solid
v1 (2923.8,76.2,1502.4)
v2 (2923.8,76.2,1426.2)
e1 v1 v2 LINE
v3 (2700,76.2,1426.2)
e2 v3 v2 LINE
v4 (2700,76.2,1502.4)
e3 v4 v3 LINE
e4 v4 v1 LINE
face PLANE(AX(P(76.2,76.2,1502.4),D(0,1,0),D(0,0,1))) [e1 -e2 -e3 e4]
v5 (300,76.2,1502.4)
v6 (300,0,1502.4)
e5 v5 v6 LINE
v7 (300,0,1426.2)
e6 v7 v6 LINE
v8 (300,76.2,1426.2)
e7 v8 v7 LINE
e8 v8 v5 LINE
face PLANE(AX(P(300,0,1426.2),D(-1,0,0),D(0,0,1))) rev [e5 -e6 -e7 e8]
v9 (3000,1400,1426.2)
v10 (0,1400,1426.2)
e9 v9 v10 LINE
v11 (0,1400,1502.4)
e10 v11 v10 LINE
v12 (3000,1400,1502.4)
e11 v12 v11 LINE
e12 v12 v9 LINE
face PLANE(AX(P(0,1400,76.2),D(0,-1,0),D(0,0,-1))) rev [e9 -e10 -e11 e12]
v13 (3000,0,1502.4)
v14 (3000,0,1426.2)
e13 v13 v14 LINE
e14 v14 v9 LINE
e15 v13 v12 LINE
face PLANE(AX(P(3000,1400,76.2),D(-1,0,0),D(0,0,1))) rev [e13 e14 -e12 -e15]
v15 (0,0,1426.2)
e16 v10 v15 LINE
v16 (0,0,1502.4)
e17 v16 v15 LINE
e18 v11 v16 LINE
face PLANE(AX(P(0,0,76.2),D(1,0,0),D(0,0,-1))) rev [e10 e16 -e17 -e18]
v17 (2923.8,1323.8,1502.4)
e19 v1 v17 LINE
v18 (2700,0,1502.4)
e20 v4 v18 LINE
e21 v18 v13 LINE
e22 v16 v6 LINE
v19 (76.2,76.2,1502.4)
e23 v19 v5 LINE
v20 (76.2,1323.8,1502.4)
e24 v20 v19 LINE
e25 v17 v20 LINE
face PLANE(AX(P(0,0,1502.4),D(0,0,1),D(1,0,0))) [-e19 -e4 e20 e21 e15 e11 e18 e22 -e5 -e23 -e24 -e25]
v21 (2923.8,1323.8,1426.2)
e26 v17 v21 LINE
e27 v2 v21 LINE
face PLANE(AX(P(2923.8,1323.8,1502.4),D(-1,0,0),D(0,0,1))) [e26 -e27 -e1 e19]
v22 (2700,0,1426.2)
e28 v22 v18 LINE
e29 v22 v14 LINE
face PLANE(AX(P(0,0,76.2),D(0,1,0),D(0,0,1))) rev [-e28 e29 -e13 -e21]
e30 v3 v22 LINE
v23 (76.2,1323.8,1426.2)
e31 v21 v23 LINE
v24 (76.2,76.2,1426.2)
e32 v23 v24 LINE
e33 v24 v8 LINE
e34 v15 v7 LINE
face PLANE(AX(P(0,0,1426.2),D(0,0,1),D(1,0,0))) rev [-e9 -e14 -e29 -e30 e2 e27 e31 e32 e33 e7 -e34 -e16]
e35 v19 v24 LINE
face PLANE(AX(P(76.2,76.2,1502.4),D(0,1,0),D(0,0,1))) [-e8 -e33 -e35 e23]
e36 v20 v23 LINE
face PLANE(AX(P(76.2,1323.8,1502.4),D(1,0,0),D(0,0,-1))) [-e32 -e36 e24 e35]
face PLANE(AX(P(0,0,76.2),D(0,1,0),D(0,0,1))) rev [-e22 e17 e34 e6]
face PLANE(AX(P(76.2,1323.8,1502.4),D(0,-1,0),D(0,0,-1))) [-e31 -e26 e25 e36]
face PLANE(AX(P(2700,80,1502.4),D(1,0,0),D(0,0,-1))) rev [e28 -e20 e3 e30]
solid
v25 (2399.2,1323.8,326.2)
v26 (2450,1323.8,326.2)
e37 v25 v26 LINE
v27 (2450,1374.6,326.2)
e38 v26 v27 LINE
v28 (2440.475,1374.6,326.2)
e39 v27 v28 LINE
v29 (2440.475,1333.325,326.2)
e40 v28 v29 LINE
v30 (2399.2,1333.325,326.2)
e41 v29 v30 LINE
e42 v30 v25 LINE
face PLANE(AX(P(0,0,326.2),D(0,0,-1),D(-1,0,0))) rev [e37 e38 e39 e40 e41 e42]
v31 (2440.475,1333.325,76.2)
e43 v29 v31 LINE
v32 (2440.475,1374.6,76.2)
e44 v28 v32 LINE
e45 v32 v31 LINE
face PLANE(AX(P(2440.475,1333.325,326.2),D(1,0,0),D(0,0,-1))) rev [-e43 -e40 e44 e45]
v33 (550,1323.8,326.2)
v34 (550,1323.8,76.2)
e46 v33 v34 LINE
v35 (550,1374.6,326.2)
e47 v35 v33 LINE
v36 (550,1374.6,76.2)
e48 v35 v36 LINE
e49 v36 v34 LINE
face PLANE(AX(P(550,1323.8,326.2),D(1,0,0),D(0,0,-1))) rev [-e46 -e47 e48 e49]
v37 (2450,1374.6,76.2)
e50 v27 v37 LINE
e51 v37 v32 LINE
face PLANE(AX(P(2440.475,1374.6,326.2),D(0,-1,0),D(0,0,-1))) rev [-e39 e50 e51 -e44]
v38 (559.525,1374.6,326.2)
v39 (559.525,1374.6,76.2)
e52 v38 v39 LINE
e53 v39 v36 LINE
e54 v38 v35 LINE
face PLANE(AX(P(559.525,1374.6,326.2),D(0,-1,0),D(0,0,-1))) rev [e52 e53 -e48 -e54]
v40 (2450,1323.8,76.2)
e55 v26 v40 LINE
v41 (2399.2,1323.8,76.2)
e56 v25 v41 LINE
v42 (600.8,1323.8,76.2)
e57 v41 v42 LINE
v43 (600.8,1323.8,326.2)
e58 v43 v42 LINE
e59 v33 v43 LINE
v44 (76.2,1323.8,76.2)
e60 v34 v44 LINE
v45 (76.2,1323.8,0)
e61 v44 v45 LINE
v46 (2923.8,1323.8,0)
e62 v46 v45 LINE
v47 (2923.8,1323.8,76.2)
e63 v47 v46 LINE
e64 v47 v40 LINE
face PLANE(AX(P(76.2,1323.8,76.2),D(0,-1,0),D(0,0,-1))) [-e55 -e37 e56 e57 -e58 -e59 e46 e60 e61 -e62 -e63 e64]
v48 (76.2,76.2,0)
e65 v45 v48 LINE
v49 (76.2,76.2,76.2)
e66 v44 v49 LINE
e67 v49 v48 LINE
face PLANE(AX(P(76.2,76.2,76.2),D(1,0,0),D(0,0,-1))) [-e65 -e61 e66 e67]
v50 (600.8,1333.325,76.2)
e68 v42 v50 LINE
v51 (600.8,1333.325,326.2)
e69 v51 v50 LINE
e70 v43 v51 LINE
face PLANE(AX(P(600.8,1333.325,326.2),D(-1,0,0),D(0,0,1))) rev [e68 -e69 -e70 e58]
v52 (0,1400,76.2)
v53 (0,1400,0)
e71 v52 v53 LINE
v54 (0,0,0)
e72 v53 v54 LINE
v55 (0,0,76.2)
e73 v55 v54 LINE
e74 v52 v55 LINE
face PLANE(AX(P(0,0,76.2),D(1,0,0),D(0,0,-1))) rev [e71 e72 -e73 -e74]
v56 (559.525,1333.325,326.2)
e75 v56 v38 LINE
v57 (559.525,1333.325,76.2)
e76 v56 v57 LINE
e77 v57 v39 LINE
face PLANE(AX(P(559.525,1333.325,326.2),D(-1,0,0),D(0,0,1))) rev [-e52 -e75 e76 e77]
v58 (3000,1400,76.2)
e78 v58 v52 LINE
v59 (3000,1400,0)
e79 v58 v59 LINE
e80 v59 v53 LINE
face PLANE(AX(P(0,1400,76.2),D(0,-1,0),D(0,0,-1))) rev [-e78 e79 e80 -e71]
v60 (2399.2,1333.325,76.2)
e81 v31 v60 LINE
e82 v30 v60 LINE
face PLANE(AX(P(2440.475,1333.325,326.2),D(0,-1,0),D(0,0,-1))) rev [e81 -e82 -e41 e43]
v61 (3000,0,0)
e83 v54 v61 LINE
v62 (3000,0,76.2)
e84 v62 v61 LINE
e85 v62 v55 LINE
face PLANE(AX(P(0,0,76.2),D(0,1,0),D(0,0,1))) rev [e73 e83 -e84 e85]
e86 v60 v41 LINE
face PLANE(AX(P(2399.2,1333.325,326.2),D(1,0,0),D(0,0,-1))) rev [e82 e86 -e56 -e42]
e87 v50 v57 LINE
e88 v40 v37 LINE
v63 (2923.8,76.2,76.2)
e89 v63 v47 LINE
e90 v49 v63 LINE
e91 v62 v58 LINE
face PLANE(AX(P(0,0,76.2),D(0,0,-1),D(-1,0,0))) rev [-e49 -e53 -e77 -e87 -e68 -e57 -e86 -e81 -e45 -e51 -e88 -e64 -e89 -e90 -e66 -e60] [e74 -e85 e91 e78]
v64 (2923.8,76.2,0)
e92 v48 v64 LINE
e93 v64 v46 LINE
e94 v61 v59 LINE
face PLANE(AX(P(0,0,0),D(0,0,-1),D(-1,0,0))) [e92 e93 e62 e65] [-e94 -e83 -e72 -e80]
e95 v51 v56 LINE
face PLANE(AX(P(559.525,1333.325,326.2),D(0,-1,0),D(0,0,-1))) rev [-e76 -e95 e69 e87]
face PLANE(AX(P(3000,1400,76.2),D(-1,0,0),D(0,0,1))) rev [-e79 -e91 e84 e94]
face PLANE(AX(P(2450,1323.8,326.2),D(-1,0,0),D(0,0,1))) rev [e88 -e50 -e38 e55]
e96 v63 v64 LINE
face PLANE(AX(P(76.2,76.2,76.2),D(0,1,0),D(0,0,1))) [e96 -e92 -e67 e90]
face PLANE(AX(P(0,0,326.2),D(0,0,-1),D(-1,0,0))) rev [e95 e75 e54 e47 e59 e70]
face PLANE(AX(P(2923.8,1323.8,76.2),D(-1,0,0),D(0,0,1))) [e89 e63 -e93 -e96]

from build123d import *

# Parameters (mm, degrees)
CROQUIS1_W              = 3000
CROQUIS1_H              = 1400
CROQUIS1_W_2            = 2847.6
CROQUIS1_H_2            = 1247.6
SALIENTE_EXTRUIR1_DEPTH = 76.2
CROQUIS2_W              = 76.2
CROQUIS2_H              = 76.2
SALIENTE_EXTRUIR2_DEPTH = 1350
CROQUIS3_W              = 3000
CROQUIS3_H              = 1400
CROQUIS3_W_2            = 2847.6
CROQUIS3_H_2            = 1247.6
SALIENTE_EXTRUIR3_DEPTH = 76.2
CROQUIS10_W             = 320
CROQUIS10_H             = 76.2
CORTAR_EXTRUIR2_DEPTH   = 76.2
CROQUIS11_W             = 76.2
CROQUIS11_H             = 1350
CORTAR_EXTRUIR3_DEPTH   = 76.2
CROQUIS13_W             = 2300
CROQUIS13_H             = 76.2
CORTAR_EXTRUIR5_DEPTH   = 80
SALIENTE_EXTRUIR4_DEPTH = 250
CROQUIS15_W             = 1350
CROQUIS15_H             = 76.2
CORTAR_EXTRUIR6_DEPTH   = 3000


with BuildPart() as part:
    # Croquis1 → Saliente-Extruir1 (new body)
    with BuildSketch(Plane.XY):
        with Locations((1500, 700)):
            Rectangle(CROQUIS1_W, CROQUIS1_H)
        with Locations((1500, 700)):
            Rectangle(CROQUIS1_W_2, CROQUIS1_H_2, mode=Mode.SUBTRACT)
    extrude(amount=SALIENTE_EXTRUIR1_DEPTH)

    # Croquis2 → Saliente-Extruir2 (add)
    with BuildSketch(Plane.XY.offset(76.2)):
        with Locations((38.1, 1361.9)):
            Rectangle(CROQUIS2_W, CROQUIS2_H)
        with Locations((2961.9, 1361.9)):
            Rectangle(CROQUIS2_W, CROQUIS2_H)
        with Locations((2961.9, 38.1)):
            Rectangle(CROQUIS2_W, CROQUIS2_H)
        with Locations((38.1, 38.1)):
            Rectangle(CROQUIS2_W, CROQUIS2_H)
    extrude(amount=SALIENTE_EXTRUIR2_DEPTH)

    # Croquis3 → Saliente-Extruir3 (add)
    with BuildSketch(Plane.XY.offset(1426.2)):
        with Locations((1500, 700)):
            Rectangle(CROQUIS3_W, CROQUIS3_H)
        with Locations((1500, 700)):
            Rectangle(CROQUIS3_W_2, CROQUIS3_H_2, mode=Mode.SUBTRACT)
    extrude(amount=SALIENTE_EXTRUIR3_DEPTH)

    # Croquis10 → Cortar-Extruir2 (cut)
    with BuildSketch(Plane.XY.offset(1502.4)):
        with Locations((460, 38.1)):
            Rectangle(CROQUIS10_W, CROQUIS10_H)
    extrude(amount=-CORTAR_EXTRUIR2_DEPTH, mode=Mode.SUBTRACT)

    # Croquis11 → Cortar-Extruir3 (cut)
    with BuildSketch(Plane(origin=(0, 1400, 0), x_dir=(1, 0, 0), z_dir=(0, 1, 0))):
        with Locations((2961.9, -751.2)):
            Rectangle(CROQUIS11_W, CROQUIS11_H)
        with Locations((38.1, -751.2)):
            Rectangle(CROQUIS11_W, CROQUIS11_H)
    extrude(amount=-CORTAR_EXTRUIR3_DEPTH, mode=Mode.SUBTRACT)

    # Croquis13 → Cortar-Extruir5 (cut)
    with BuildSketch(Plane.XZ):
        with Locations((1550, 1464.3)):
            Rectangle(CROQUIS13_W, CROQUIS13_H)
    extrude(amount=-CORTAR_EXTRUIR5_DEPTH, mode=Mode.SUBTRACT)

    # Croquis14 → Saliente-Extruir4 (add)
    with BuildSketch(Plane.XY.offset(76.2)):
        Polygon((550, 1323.8), (550, 1374.6), (559.525, 1374.6), (559.525, 1333.325), (600.8, 1333.325), (600.8, 1323.8), align=None)
        Polygon((2399.2, 1333.325), (2399.2, 1323.8), (2450, 1323.8), (2450, 1374.6), (2440.475, 1374.6), (2440.475, 1333.325), align=None)
    extrude(amount=SALIENTE_EXTRUIR4_DEPTH)

    # Croquis15 → Cortar-Extruir6 (cut)
    with BuildSketch(Plane.ZY):
        with Locations((751.2, 38.1)):
            Rectangle(CROQUIS15_W, CROQUIS15_H)
    extrude(amount=-CORTAR_EXTRUIR6_DEPTH, mode=Mode.SUBTRACT)


with BuildPart() as cortar_extruir6_piece_1:
    # of the separate pieces the step leaves, piece 1, a body of its own (cortar_extruir6_pieces)
    add(part.part.solids().sort_by_distance((0, 0, 0))[0])


with BuildPart() as cortar_extruir6_piece_2:
    # of the separate pieces the step leaves, piece 2, a body of its own (cortar_extruir6_pieces)
    add(part.part.solids().sort_by_distance((0, 1400, 1426.2))[0])


solid = Compound([cortar_extruir6_piece_1.part, cortar_extruir6_piece_2.part])
